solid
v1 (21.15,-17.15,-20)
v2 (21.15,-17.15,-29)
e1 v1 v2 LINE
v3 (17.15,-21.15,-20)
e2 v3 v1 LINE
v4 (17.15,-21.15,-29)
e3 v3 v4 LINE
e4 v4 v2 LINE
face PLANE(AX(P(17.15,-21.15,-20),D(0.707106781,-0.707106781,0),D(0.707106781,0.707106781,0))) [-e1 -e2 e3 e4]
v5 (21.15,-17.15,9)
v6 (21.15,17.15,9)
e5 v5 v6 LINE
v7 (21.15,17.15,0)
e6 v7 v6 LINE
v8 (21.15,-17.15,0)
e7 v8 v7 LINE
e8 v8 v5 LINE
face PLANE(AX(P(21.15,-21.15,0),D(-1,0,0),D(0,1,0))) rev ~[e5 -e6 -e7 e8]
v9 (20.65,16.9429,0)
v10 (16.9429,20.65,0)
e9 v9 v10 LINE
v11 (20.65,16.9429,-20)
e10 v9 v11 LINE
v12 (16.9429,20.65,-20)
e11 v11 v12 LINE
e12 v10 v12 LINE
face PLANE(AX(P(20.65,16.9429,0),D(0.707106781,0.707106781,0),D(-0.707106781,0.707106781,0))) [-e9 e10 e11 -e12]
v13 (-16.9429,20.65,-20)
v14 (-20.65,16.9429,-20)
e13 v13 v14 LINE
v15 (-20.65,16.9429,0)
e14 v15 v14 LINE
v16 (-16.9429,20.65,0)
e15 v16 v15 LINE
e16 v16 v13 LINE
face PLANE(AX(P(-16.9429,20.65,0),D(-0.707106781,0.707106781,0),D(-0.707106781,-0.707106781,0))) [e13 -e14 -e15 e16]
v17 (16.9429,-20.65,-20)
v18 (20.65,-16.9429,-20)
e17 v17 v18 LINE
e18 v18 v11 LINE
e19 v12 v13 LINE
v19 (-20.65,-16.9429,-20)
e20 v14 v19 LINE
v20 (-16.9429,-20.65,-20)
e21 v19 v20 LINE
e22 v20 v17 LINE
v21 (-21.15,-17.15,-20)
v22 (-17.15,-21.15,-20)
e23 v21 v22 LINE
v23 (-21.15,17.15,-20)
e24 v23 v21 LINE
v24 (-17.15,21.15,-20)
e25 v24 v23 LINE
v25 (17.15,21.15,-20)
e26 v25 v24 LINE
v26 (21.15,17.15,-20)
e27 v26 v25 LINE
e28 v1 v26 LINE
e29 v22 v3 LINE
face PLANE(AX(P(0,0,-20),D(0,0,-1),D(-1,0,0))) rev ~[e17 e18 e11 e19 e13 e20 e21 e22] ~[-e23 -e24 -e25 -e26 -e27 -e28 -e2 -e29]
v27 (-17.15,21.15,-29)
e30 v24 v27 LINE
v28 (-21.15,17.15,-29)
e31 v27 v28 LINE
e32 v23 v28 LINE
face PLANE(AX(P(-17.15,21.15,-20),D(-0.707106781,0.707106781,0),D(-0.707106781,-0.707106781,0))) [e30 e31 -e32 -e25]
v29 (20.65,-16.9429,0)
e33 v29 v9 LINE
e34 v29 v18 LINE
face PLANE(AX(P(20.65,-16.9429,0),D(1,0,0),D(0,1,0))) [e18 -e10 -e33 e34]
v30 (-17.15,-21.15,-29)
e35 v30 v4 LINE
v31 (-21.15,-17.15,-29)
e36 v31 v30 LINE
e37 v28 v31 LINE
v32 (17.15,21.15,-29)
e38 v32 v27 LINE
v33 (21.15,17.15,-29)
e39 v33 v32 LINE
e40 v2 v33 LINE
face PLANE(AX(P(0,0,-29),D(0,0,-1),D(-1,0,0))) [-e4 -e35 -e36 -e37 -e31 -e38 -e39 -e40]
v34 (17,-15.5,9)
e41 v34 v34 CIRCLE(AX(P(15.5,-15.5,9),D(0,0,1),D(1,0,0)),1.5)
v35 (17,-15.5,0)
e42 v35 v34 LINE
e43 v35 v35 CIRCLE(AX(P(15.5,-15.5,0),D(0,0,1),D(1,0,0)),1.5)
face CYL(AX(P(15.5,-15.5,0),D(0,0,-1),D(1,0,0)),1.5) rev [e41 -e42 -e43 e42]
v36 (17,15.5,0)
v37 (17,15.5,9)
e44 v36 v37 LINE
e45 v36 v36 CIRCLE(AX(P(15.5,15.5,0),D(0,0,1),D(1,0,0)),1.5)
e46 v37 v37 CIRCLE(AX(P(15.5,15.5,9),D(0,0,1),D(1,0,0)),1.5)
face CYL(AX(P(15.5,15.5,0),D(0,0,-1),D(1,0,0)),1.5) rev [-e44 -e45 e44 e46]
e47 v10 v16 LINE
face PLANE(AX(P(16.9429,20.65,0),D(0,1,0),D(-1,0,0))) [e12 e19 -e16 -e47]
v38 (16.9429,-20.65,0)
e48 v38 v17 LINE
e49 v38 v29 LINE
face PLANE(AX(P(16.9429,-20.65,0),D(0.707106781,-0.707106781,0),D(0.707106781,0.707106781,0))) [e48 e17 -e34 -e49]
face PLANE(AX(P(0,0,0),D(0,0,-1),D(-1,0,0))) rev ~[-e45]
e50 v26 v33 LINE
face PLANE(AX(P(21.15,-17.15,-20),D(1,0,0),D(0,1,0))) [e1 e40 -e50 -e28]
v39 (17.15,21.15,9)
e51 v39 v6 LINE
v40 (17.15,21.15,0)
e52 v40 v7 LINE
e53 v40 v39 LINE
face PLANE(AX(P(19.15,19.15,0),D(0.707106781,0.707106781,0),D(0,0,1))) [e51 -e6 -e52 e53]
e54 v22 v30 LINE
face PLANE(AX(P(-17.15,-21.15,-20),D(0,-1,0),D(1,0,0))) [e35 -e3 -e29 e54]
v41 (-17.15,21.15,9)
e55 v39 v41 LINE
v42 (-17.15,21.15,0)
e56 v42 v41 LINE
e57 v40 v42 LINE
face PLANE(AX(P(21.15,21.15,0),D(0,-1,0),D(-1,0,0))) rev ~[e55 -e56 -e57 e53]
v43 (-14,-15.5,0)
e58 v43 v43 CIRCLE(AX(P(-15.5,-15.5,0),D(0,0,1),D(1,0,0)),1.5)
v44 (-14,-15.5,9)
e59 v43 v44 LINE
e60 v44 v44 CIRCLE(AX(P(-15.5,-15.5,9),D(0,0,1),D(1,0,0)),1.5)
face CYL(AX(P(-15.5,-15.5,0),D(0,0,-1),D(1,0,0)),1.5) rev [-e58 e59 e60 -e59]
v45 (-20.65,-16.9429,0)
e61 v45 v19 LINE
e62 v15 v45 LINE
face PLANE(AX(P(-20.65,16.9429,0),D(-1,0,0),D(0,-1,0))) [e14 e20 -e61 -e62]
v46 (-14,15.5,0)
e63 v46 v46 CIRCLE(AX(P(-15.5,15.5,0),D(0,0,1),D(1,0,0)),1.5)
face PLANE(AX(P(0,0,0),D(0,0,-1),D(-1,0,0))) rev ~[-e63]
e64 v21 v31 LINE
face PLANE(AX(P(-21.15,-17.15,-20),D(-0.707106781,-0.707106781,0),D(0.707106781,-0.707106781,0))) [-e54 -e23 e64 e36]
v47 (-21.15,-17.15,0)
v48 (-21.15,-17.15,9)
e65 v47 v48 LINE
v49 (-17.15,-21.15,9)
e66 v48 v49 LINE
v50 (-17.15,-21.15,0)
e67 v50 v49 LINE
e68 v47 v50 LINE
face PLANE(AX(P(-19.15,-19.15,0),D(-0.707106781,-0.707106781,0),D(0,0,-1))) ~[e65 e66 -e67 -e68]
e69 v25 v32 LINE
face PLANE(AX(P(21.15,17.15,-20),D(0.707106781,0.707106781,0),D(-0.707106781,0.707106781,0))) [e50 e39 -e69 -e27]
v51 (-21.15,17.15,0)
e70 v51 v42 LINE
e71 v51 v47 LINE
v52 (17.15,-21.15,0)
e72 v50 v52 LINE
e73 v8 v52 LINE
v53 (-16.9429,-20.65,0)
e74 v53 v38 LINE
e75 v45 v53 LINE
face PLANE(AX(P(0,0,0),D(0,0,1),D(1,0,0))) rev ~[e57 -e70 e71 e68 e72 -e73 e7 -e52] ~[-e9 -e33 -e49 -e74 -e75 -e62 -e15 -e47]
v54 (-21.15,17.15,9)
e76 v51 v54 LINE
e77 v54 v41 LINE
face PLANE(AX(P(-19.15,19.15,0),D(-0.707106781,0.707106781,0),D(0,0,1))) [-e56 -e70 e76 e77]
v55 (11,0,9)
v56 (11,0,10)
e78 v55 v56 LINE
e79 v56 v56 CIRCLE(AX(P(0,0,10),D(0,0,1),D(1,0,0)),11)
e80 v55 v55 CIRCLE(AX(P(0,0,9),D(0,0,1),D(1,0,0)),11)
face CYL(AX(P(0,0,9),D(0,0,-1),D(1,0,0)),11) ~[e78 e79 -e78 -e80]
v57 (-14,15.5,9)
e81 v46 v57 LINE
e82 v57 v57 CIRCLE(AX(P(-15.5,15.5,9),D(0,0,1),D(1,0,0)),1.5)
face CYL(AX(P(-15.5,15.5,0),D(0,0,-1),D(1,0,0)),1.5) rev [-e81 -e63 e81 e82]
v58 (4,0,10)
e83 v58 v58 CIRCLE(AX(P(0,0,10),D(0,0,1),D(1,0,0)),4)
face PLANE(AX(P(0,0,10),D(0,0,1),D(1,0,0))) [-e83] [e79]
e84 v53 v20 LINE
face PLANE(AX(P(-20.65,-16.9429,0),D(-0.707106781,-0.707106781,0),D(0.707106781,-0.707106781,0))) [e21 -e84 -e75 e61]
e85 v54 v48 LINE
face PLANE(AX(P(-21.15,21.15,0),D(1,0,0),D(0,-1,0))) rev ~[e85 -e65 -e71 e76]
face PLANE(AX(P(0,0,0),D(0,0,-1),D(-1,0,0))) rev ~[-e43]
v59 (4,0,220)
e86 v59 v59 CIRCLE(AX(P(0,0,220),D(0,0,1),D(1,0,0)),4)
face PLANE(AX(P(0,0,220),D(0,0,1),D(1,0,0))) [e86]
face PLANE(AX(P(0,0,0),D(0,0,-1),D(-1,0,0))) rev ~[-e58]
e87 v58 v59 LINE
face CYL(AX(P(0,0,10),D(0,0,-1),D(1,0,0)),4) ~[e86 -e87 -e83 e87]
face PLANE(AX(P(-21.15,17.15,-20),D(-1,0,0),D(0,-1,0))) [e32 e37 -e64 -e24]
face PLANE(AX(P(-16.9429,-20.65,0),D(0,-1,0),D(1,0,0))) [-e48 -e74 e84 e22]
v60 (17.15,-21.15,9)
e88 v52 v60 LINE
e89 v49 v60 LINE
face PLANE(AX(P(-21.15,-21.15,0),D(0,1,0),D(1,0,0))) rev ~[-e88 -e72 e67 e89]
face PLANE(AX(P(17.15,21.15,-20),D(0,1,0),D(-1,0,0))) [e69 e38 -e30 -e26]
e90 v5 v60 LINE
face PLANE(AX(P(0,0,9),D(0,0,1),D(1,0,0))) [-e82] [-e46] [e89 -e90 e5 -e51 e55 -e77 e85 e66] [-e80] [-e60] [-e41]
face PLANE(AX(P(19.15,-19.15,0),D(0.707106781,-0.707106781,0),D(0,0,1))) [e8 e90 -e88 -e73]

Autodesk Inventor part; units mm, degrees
ref_plane "YZ Plane" through (0, 0, 0) normal (1, 0, 0) x (0, 1, 0)
ref_plane "XZ Plane" through (0, 0, 0) normal (0, 1, 0) x (-1, 0, 0)
ref_plane "XY Plane" through (0, 0, 0) normal (0, 0, 1) x (1, 0, 0)
sketch "Sketch1" plane through (0, 0, 0) normal (0, 0, 1) x (1, 0, 0)
  line L0 (-21.15, -21.15) -> (21.15, -21.15)
  line L1 (21.15, -21.15) -> (21.15, 21.15)
  line L2 (21.15, 21.15) -> (-21.15, 21.15)
  line L3 (-21.15, 21.15) -> (-21.15, -21.15)
  line L4 (-21.15, -21.15) -> (21.15, 21.15) construction
  line L5 (21.15, -21.15) -> (-21.15, 21.15) construction
  line L6 (-15.5, -15.5) -> (15.5, -15.5) construction
  line L7 (15.5, -15.5) -> (15.5, 15.5) construction
  line L8 (15.5, 15.5) -> (-15.5, 15.5) construction
  line L9 (-15.5, 15.5) -> (-15.5, -15.5) construction
  line L10 (-15.5, -15.5) -> (15.5, 15.5) construction
  line L11 (15.5, -15.5) -> (-15.5, 15.5) construction
  circle A0 centre (-15.5, 15.5) radius 1.5
  circle A1 centre (15.5, 15.5) radius 1.5
  circle A2 centre (15.5, -15.5) radius 1.5
  circle A3 centre (-15.5, -15.5) radius 1.5
  point P0 (0, 0)
  dimension "d0" = 42.3
  dimension "d1" = 31
  dimension "d2" = 3
extrude "Extrusion1" add sketch "Sketch1" along normal blind 9
chamfer "Chamfer1" distance 4 angle 45 4 edges at (21.15, 21.15, 4.5) (21.15, -21.15, 4.5) (-21.15, 21.15, 4.5) (-21.15, -21.15, 4.5)
sketch "Sketch3" plane through (0, 0, 0) normal (0, 0, -1) x (-1, 0, 0)
  circle A0 centre (15.5, 15.5) radius 1.5 projected
  line L0 (21.15, 17.15) -> (21.15, -17.15) projected
  line L1 (17.15, 21.15) -> (21.15, 17.15) projected
  line L2 (-17.15, 21.15) -> (17.15, 21.15) projected
  line L3 (-21.15, 17.15) -> (-17.15, 21.15) projected
  line L4 (-21.15, -17.15) -> (-21.15, 17.15) projected
  circle A1 centre (15.5, -15.5) radius 1.5 projected
  circle A2 centre (-15.5, -15.5) radius 1.5 projected
  circle A3 centre (-15.5, 15.5) radius 1.5 projected
  circle A4 centre (15.5, 15.5) radius 1.5 projected
  line L5 (21.15, -17.15) -> (17.15, -21.15) projected
  line L6 (21.15, 17.15) -> (21.15, -17.15) projected
  line L7 (17.15, 21.15) -> (21.15, 17.15) projected
  line L8 (-17.15, 21.15) -> (17.15, 21.15) projected
  line L9 (-21.15, 17.15) -> (-17.15, 21.15) projected
  line L10 (-21.15, -17.15) -> (-21.15, 17.15) projected
  line L11 (-17.15, -21.15) -> (-21.15, -17.15) projected
  line L12 (17.15, -21.15) -> (-17.15, -21.15) projected
  line L13 (-20.65, 16.9429) -> (-16.9429, 20.65)
  line L14 (-16.9429, 20.65) -> (16.9429, 20.65)
  line L15 (16.9429, 20.65) -> (20.65, 16.9429)
  line L16 (20.65, 16.9429) -> (20.65, -16.9429)
  line L17 (20.65, -16.9429) -> (16.9429, -20.65)
  line L18 (16.9429, -20.65) -> (-16.9429, -20.65)
  line L19 (-16.9429, -20.65) -> (-20.65, -16.9429)
  line L20 (-20.65, -16.9429) -> (-20.65, 16.9429)
  point P0 (0, 0)
  dimension "d8" = 0.5
  dimension "d10" = 0.5
  dimension "d11" = 0.5
  dimension "d12" = 0.5
extrude "Extrusion2" add sketch "Sketch3" along normal blind 20 contours A0 | A1 | A2 | A3 | L13 L14 L15 L16 L17 L18 L19 L20
sketch "Sketch4" plane through (0, 0, -20) normal (0, 0, -1) x (-1, 0, 0)
  line L0 (-21.15, 17.15) -> (-17.15, 21.15) projected
  line L1 (-17.15, 21.15) -> (17.15, 21.15) projected
  line L2 (17.15, 21.15) -> (21.15, 17.15) projected
  line L3 (21.15, 17.15) -> (21.15, -17.15) projected
  line L4 (21.15, -17.15) -> (17.15, -21.15) projected
  line L5 (17.15, -21.15) -> (-17.15, -21.15) projected
  line L6 (-17.15, -21.15) -> (-21.15, -17.15) projected
  line L7 (-21.15, -17.15) -> (-21.15, 17.15) projected
  point P0 (0, 0)
extrude "Extrusion3" add sketch "Sketch4" along normal blind 9
sketch "Sketch5" plane through (0, 0, 9) normal (0, 0, 1) x (1, 0, 0)
  circle A0 centre (0, 0) radius 11
  dimension "d17" = 22
extrude "Extrusion4" add sketch "Sketch5" along normal blind 1
sketch "Sketch6" plane through (0, 0, 10) normal (0, 0, 1) x (1, 0, 0)
  circle A0 centre (0, 0) radius 11 projected
  circle A1 centre (0, 0) radius 4
  dimension "d20" = 8
extrude "Extrusion5" add sketch "Sketch6" along normal blind 210 contours A1
equation "\"d10\" = d8"
equation "\"d11\" = d8"
equation "\"d12\" = d8"
properties part number "StepperDrive-210mm"
